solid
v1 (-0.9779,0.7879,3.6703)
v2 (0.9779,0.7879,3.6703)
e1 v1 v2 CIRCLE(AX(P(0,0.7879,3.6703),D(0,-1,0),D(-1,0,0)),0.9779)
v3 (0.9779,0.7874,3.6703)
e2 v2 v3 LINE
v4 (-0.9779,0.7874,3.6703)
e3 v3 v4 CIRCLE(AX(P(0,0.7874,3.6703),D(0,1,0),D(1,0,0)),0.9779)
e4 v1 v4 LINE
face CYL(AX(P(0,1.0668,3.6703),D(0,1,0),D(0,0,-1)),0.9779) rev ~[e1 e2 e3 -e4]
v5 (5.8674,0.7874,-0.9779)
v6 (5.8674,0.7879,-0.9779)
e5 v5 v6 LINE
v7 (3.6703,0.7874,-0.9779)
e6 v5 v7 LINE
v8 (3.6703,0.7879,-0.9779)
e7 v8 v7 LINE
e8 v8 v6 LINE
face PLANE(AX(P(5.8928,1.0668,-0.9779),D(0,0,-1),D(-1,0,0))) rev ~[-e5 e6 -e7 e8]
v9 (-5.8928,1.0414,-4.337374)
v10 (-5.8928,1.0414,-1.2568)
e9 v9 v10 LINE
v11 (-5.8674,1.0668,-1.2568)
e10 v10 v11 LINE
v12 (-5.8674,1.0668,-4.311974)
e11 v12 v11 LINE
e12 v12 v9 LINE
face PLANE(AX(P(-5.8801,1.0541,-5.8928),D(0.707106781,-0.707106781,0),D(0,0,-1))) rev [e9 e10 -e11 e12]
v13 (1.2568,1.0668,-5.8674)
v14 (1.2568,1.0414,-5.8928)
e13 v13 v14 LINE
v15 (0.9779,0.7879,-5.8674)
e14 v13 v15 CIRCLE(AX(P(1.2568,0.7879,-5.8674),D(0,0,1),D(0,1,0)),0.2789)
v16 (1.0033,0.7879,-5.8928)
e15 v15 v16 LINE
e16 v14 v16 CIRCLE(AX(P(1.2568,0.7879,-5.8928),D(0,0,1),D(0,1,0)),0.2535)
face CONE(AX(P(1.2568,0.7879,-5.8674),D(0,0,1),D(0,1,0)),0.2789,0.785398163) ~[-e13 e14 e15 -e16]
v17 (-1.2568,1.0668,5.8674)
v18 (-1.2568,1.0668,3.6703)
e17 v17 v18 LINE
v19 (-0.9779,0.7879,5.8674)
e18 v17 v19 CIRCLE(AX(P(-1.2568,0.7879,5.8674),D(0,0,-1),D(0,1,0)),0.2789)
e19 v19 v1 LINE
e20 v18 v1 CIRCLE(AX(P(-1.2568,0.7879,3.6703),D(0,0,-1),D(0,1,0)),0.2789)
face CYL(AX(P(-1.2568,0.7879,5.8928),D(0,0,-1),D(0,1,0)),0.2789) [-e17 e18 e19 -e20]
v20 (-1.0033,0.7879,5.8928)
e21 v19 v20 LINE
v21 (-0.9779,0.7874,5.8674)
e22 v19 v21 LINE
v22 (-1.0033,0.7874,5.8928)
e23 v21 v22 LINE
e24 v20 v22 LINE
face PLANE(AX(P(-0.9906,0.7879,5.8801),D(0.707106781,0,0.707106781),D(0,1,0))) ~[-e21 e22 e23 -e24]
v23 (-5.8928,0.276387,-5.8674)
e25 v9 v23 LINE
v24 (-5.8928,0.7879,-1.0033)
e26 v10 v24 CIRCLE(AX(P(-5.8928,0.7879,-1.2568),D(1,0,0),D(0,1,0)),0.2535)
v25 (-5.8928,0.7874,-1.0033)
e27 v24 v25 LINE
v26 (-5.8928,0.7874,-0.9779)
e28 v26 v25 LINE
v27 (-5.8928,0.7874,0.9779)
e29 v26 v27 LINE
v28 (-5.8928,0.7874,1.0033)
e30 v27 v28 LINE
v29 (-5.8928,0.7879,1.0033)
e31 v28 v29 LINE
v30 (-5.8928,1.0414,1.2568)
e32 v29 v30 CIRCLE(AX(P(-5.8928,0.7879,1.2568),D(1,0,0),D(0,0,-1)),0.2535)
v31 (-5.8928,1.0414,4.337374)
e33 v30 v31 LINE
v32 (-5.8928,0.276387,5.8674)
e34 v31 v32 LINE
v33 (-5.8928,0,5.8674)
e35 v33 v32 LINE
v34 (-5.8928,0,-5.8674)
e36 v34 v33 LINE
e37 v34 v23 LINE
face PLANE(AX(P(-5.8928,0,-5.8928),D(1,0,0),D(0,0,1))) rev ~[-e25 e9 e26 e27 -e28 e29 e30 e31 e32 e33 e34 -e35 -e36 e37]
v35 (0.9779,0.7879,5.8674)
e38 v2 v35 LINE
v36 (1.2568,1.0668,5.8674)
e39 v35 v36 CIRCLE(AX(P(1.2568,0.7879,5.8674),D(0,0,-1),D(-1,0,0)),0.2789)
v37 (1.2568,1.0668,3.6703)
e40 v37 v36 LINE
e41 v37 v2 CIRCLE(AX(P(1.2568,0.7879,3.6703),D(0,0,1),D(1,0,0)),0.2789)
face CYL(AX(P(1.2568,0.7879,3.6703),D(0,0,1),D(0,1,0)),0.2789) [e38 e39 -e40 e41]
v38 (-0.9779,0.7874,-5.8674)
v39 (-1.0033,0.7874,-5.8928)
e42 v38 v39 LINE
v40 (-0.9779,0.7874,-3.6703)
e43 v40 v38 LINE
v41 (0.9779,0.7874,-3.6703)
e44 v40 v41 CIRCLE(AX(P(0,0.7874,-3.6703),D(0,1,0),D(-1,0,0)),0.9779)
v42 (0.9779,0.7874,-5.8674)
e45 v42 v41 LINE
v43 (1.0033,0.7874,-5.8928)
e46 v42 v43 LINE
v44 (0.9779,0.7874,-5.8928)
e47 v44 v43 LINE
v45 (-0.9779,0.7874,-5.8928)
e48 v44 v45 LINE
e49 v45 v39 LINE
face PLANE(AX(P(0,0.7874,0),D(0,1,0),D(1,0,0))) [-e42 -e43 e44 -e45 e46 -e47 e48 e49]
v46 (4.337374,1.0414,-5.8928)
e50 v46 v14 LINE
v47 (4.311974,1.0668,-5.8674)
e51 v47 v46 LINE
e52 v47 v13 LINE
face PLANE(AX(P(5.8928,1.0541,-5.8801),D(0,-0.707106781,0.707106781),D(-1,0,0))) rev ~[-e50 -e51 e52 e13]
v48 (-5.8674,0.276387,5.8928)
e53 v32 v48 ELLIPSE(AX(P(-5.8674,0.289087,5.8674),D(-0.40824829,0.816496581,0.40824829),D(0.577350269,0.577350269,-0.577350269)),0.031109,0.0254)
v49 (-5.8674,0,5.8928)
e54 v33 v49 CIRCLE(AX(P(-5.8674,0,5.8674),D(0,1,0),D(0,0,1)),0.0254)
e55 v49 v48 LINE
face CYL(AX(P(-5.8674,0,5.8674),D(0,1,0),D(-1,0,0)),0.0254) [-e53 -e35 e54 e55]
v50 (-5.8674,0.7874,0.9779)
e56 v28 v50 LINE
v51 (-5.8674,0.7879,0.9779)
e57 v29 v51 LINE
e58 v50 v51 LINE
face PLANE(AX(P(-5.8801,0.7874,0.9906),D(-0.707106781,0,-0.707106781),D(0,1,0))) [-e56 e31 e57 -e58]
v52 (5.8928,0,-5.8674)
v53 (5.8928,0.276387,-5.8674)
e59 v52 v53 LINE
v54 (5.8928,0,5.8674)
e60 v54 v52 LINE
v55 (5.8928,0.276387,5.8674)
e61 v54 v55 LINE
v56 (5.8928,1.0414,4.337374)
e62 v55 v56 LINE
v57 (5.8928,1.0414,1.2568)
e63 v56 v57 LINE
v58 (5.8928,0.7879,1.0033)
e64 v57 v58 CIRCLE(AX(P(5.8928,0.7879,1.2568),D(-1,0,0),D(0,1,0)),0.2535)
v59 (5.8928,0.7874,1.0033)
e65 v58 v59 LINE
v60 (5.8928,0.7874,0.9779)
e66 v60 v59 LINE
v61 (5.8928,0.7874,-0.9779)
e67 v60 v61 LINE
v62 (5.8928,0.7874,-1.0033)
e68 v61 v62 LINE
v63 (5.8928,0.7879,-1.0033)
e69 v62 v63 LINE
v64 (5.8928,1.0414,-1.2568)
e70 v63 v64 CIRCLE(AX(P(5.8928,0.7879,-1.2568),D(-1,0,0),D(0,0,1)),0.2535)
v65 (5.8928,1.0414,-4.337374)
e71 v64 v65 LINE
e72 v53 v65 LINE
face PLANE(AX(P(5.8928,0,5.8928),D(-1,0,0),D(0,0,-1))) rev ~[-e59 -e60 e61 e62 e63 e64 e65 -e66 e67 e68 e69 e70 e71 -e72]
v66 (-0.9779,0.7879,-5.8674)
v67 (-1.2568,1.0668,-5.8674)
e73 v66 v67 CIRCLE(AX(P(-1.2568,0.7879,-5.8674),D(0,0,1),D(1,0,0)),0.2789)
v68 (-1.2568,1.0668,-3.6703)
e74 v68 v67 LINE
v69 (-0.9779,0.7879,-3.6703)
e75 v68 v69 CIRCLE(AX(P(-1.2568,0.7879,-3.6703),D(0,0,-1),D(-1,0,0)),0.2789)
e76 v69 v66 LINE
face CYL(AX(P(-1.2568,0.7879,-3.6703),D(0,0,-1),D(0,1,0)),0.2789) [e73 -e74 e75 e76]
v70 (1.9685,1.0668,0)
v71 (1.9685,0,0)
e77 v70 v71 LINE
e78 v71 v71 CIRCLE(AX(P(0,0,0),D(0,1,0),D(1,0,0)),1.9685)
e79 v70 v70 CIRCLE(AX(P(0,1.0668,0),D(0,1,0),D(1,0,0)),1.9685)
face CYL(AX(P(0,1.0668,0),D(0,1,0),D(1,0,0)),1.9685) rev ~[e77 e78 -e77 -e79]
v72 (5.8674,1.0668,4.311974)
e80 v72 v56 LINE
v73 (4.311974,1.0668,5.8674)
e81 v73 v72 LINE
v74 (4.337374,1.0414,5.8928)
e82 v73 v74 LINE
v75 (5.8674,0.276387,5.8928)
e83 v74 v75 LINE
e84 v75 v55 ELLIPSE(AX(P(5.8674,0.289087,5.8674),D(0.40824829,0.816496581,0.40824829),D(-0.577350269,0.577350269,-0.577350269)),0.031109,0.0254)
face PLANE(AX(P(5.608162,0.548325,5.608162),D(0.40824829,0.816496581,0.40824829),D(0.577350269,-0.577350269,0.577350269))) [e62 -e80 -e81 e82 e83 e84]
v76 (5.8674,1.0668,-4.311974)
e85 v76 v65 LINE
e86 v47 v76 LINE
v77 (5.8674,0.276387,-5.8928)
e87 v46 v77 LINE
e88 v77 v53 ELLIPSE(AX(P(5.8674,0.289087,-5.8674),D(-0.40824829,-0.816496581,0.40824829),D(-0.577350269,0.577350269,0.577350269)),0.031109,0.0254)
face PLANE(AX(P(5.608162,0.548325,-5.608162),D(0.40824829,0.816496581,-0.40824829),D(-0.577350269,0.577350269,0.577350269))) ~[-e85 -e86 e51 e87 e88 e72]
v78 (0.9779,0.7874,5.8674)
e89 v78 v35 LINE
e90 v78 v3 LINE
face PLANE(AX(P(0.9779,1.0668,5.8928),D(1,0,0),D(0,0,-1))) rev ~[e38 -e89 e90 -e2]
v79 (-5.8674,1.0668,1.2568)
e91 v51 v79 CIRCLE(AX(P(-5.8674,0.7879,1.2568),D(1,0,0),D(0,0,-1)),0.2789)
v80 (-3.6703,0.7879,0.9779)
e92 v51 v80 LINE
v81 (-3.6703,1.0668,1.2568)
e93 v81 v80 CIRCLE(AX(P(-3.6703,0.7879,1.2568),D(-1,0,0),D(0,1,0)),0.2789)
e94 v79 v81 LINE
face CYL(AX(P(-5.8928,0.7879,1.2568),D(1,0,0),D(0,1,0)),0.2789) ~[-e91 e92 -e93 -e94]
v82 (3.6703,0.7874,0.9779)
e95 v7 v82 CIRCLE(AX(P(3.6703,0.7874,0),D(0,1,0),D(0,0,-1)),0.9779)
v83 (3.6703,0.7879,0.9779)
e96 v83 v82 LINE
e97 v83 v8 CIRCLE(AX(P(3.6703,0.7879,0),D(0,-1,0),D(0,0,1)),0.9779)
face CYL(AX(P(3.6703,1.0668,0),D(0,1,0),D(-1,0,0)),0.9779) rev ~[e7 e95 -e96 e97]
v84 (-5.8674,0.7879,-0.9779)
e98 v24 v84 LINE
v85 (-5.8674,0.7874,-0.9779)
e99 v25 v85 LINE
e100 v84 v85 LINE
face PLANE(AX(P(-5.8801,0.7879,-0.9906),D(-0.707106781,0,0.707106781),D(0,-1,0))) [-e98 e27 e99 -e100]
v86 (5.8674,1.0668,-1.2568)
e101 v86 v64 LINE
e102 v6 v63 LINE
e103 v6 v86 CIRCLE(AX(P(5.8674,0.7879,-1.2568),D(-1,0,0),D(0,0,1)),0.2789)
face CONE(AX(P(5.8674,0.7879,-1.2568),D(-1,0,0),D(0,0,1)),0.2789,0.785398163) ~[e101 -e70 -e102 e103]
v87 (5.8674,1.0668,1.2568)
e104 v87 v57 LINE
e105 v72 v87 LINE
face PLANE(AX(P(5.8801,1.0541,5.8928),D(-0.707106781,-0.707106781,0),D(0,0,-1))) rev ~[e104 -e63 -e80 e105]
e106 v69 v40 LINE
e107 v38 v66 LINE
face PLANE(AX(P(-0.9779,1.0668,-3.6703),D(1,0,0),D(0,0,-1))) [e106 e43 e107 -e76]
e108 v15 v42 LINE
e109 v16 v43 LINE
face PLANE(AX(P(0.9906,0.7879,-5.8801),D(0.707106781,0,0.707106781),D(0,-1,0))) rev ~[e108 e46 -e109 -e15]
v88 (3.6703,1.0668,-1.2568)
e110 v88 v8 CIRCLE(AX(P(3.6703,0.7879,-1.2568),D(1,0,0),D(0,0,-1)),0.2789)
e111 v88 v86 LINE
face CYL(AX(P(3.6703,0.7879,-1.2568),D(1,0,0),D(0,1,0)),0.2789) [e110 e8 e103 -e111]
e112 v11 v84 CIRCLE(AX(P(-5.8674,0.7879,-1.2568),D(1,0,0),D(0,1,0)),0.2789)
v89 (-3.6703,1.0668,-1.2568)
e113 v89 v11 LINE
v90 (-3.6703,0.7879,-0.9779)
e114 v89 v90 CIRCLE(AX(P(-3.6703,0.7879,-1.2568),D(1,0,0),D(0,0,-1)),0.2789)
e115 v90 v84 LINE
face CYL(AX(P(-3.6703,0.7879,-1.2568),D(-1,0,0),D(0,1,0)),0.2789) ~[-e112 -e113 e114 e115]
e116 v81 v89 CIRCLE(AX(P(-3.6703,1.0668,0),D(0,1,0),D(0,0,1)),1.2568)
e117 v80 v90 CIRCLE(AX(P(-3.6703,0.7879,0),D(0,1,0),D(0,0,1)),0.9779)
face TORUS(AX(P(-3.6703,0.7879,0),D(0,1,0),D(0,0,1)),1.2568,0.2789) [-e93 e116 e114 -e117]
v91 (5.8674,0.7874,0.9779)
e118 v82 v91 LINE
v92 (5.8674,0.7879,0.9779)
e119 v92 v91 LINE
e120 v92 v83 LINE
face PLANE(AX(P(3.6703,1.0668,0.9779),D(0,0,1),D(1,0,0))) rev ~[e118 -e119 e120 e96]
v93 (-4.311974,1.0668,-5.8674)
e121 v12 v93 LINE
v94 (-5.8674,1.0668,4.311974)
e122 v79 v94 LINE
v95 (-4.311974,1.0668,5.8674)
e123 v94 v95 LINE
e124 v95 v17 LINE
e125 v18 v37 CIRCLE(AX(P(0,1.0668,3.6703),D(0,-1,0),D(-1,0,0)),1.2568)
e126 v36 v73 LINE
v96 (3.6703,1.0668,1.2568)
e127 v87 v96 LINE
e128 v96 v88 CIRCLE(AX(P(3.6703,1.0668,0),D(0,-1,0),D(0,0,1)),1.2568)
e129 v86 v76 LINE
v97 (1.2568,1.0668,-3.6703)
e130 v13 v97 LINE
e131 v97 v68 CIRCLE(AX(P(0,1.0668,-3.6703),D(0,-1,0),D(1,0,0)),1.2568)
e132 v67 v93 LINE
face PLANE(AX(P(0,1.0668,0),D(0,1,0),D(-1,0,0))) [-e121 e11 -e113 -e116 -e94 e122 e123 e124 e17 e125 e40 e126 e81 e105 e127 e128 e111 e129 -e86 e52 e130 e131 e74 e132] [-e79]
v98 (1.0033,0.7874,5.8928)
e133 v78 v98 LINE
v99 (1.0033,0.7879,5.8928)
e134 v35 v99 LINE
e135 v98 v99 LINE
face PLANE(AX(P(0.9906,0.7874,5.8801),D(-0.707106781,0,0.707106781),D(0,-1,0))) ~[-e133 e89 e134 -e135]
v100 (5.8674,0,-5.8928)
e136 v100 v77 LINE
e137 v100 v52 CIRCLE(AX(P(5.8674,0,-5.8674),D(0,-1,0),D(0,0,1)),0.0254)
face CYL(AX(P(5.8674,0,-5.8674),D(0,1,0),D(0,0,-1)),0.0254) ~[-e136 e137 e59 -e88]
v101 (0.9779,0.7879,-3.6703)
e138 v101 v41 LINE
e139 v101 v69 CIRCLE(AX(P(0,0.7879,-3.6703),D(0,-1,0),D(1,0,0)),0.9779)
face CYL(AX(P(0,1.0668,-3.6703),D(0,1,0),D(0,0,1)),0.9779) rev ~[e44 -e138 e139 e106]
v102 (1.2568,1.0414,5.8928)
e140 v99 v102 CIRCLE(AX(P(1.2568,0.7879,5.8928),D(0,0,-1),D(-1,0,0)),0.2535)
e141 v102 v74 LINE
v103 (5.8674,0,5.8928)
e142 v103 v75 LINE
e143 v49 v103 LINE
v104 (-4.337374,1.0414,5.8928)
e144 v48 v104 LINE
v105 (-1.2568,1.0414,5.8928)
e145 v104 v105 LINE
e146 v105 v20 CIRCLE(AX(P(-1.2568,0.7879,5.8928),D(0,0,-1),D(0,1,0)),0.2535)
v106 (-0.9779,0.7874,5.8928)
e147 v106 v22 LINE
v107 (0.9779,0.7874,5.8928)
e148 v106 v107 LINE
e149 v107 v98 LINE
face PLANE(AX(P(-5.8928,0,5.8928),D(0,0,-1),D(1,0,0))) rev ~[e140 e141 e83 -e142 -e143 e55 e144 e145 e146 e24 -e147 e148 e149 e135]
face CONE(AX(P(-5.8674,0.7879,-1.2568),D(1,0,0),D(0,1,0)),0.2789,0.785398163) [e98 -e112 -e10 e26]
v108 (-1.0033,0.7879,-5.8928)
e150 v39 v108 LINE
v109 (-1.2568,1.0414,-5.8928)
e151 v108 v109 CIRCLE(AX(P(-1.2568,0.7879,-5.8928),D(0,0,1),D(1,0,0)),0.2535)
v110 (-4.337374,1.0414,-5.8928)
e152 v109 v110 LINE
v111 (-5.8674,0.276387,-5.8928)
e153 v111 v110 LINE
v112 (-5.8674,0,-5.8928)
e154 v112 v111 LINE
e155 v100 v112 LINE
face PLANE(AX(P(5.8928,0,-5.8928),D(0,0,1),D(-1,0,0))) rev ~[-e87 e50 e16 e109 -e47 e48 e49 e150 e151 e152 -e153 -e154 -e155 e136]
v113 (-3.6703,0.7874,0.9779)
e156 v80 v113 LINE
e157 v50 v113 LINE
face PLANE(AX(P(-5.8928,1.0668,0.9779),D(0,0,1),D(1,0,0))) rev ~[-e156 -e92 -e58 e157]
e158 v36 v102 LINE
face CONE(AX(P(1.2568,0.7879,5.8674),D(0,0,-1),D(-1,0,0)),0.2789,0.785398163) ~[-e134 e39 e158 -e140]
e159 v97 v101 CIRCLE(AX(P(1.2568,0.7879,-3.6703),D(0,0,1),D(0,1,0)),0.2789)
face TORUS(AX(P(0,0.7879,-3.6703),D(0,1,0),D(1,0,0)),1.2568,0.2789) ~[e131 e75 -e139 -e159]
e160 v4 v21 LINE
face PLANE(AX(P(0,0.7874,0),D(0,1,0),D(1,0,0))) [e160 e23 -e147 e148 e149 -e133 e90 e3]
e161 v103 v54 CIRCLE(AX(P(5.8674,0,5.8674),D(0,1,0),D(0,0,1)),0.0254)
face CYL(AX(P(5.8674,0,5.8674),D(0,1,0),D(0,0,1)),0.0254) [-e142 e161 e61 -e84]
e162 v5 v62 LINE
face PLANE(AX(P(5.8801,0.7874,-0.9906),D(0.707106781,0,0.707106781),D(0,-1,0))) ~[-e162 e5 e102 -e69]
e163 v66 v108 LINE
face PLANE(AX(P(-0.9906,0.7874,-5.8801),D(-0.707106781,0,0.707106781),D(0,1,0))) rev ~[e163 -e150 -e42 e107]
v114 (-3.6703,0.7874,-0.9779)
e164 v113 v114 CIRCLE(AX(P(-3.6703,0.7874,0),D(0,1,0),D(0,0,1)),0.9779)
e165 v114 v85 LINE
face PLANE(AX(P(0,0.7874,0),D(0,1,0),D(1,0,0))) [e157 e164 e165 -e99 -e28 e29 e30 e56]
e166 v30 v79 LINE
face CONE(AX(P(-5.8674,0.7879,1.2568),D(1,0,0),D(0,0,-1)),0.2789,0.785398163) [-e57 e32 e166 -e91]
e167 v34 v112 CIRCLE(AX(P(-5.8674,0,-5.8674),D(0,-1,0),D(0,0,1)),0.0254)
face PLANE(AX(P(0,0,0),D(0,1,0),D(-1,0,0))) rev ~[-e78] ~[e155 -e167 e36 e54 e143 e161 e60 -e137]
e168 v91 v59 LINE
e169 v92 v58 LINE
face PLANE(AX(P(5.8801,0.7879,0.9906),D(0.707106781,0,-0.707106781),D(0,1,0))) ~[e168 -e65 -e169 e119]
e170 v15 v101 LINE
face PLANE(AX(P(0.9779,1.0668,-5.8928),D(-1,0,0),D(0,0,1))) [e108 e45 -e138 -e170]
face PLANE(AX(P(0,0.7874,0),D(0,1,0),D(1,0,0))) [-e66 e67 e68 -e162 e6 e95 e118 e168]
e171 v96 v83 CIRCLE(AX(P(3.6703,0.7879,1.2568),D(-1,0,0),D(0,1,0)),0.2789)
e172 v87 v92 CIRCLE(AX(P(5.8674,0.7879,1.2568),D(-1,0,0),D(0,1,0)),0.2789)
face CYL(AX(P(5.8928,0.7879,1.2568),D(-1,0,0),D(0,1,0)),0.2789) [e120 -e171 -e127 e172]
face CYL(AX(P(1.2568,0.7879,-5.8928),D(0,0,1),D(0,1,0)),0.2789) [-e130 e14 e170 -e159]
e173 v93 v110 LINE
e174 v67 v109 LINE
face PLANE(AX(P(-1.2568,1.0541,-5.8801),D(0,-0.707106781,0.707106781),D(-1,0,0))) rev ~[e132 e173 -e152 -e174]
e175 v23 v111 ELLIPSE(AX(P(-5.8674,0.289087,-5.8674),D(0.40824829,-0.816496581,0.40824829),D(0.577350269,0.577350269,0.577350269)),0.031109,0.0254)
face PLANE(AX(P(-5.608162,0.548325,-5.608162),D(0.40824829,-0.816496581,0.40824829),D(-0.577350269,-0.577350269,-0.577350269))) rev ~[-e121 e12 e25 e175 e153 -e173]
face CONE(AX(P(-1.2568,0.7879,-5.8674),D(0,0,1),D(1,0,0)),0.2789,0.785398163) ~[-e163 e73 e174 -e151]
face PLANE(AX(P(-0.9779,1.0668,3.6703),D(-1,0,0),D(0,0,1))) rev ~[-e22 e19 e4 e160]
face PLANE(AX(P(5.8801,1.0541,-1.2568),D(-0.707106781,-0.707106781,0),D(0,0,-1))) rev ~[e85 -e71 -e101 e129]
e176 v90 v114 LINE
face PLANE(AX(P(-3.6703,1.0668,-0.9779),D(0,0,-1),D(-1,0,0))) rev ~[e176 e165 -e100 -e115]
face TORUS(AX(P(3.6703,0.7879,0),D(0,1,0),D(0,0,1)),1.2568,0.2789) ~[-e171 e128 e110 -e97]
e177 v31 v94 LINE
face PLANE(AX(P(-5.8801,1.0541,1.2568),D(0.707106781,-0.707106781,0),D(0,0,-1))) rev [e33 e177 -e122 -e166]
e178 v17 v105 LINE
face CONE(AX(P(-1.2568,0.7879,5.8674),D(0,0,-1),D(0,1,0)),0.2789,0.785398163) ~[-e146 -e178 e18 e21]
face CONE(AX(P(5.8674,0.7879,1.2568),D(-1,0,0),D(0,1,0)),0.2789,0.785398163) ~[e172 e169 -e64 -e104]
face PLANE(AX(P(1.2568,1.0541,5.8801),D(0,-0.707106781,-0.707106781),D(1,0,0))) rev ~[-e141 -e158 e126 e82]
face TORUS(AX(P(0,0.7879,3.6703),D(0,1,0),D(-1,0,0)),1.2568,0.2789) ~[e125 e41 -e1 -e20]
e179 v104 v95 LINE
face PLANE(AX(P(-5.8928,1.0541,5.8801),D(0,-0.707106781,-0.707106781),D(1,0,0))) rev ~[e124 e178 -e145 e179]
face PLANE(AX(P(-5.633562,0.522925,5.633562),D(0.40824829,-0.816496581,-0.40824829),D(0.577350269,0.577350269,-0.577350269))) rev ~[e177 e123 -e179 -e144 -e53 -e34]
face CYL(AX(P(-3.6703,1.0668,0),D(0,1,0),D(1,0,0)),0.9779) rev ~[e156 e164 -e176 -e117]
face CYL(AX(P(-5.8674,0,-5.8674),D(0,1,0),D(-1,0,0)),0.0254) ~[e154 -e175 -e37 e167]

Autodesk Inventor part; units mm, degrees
ref_plane "YZ Plane" through (0, 0, 0) normal (1, 0, 0) x (0, 1, 0)
ref_plane "XZ Plane" through (0, 0, 0) normal (0, 1, 0) x (-1, 0, 0)
ref_plane "XY Plane" through (0, 0, 0) normal (0, 0, 1) x (1, 0, 0)
sketch "Sketch1" plane through (0, 0, 0) normal (0, 1, 0) x (-1, 0, 0)
  line L0 (5.8928, 5.8928) -> (-5.8928, 5.8928)
  line L1 (-5.8928, 5.8928) -> (-5.8928, -5.8928)
  line L2 (-5.8928, -5.8928) -> (5.8928, -5.8928)
  line L3 (5.8928, -5.8928) -> (5.8928, 5.8928)
  point P0 (0, 0)
  point P1 (5.8928, 0)
  point P2 (0, -5.8928)
  dimension "d0" = 11.7856
extrude "Extrusion1" add sketch "Sketch1" along normal blind 1.0668
sketch "Sketch2" plane through (0, 1.0668, 0) normal (0, 1, 0) x (1, 0, 0)
  line L0 (3.6703, -0.9779) -> (5.8928, -0.9779)
  line L1 (5.8928, -0.9779) -> (5.8928, 0.9779)
  line L2 (5.8928, 0.9779) -> (3.6703, 0.9779)
  line L3 (2.6924, 0) -> (2.6924, 0)
  line L4 (5.8928, -5.8928) -> (5.8928, 5.8928) projected
  arc A0 (3.6703, 0.9779) -> (2.6924, 0) centre (3.6703, 0) ccw
  arc A1 (2.6924, 0) -> (3.6703, -0.9779) centre (3.6703, 0) ccw
  line L5 (-0.9779, -5.8928) -> (0.9779, -5.8928)
  line L6 (0.9779, -5.8928) -> (0.9779, -3.6703)
  line L7 (0, -2.6924) -> (0, -2.6924)
  line L8 (-0.9779, -3.6703) -> (-0.9779, -5.8928)
  arc A2 (0.9779, -3.6703) -> (0, -2.6924) centre (0, -3.6703) ccw
  arc A3 (0, -2.6924) -> (-0.9779, -3.6703) centre (0, -3.6703) ccw
  line L9 (-5.8928, 5.8928) -> (-5.8928, -5.8928) projected
  line L10 (-5.8928, -0.9779) -> (-3.6703, -0.9779)
  line L11 (-2.6924, 0) -> (-2.6924, 0)
  line L12 (-3.6703, 0.9779) -> (-5.8928, 0.9779)
  line L13 (-5.8928, 0.9779) -> (-5.8928, -0.9779)
  arc A4 (-3.6703, -0.9779) -> (-2.6924, 0) centre (-3.6703, 0) ccw
  arc A5 (-2.6924, 0) -> (-3.6703, 0.9779) centre (-3.6703, 0) ccw
  line L14 (5.8928, 5.8928) -> (-5.8928, 5.8928) projected
  line L15 (-0.9779, 5.8928) -> (0.9779, 5.8928)
  line L16 (0.9779, 5.8928) -> (0.9779, 3.6703)
  line L17 (0, 2.6924) -> (0, 2.6924)
  line L18 (-0.9779, 3.6703) -> (-0.9779, 5.8928)
  arc A6 (-0.9779, 3.6703) -> (0, 2.6924) centre (0, 3.6703) ccw
  arc A7 (0, 2.6924) -> (0.9779, 3.6703) centre (0, 3.6703) ccw
  point P0 (0, 0)
  point P1 (2.6924, 0.9779)
  point P2 (2.6924, 0)
  point P3 (5.8928, 0)
  point P4 (5.8928, 0)
  point P5 (0.9779, -2.6924)
  point P6 (-0.9779, -2.6924)
  point P7 (0, -2.6924)
  point P8 (-2.6924, 0.9779)
  point P9 (-5.8928, 0)
  point P10 (-5.8928, 0)
  point P11 (0.9779, 2.6924)
  point P12 (0, 5.8928)
  point P13 (0, 5.8928)
  dimension "d3" = 3.2004
  dimension "d4" = 1.9558
  dimension "d5" = 0.9779
  dimension "d6" = 1.9558
  dimension "d7" = 3.2004
  dimension "d8" = 0.9779
  dimension "d9" = 3.2004
  dimension "d10" = 0.9779
  dimension "d11" = 3.2004
  dimension "d12" = 0.9779
extrude "Extrusion2" cut sketch "Sketch2" against normal blind 0.2794
fillet "Fillet1" radius 0.2794 12 edges at (-4.7816, 1.0668, 0.9779) (-4.7816, 1.0668, -0.9779) (-2.6924, 1.0668, 0) (0, 1.0668, -2.6924) (0.9779, 1.0668, -4.7816) (-0.9779, 1.0668, -4.7816) (2.6924, 1.0668, 0) (4.7816, 1.0668, 0.9779) (4.7816, 1.0668, -0.9779) (0, 1.0668, 2.6924) (-0.9779, 1.0668, 4.7816) (0.9779, 1.0668, 4.7816)
sketch "Sketch3" plane through (0, 0, 0) normal (0, -1, 0) x (1, 0, 0)
  point P0 (0, 0)
sketch "Sketch4" plane through (0, 1.0668, 0) normal (0, 1, 0) x (1, 0, 0)
  circle A0 centre (0, 0) radius 1.9685
  dimension "d16" = 3.937
extrude "Extrusion3" cut sketch "Sketch4" against normal through all
chamfer "Chamfer1" distance 0.0254 angle 45 16 edges at (5.8928, 1.0668, 3.5748) (5.8928, 0.9851, 1.0596) (3.5748, 1.0668, 5.8928) (1.0596, 0.9851, 5.8928) (5.8928, 1.0668, -3.5748) (5.8928, 0.9851, -1.0596) (3.5748, 1.0668, -5.8928) (1.0596, 0.9851, -5.8928) (-3.5748, 1.0668, -5.8928) (-1.0596, 0.9851, -5.8928) (-5.8928, 1.0668, -3.5748) (-5.8928, 0.9851, -1.0596) (-5.8928, 1.0668, 3.5748) (-5.8928, 0.9851, 1.0596) (-3.5748, 1.0668, 5.8928) (-1.0596, 0.9851, 5.8928)
chamfer "Chamfer2" distance 1.27 angle 45 4 edges at (5.8801, 1.0541, 5.8801) (5.8801, 1.0541, -5.8801) (-5.8801, 1.0541, -5.8801) (-5.8801, 1.0541, 5.8801)
fillet "Fillet2" radius 0.0254 4 edges at (-5.8928, 0.1318, 5.8928) (5.8928, 0.1318, 5.8928) (5.8928, 0.1318, -5.8928) (-5.8928, 0.1318, -5.8928)
properties part number "SSR-40 DA Big Plate" material "Nickel-Copper Alloy 400"
